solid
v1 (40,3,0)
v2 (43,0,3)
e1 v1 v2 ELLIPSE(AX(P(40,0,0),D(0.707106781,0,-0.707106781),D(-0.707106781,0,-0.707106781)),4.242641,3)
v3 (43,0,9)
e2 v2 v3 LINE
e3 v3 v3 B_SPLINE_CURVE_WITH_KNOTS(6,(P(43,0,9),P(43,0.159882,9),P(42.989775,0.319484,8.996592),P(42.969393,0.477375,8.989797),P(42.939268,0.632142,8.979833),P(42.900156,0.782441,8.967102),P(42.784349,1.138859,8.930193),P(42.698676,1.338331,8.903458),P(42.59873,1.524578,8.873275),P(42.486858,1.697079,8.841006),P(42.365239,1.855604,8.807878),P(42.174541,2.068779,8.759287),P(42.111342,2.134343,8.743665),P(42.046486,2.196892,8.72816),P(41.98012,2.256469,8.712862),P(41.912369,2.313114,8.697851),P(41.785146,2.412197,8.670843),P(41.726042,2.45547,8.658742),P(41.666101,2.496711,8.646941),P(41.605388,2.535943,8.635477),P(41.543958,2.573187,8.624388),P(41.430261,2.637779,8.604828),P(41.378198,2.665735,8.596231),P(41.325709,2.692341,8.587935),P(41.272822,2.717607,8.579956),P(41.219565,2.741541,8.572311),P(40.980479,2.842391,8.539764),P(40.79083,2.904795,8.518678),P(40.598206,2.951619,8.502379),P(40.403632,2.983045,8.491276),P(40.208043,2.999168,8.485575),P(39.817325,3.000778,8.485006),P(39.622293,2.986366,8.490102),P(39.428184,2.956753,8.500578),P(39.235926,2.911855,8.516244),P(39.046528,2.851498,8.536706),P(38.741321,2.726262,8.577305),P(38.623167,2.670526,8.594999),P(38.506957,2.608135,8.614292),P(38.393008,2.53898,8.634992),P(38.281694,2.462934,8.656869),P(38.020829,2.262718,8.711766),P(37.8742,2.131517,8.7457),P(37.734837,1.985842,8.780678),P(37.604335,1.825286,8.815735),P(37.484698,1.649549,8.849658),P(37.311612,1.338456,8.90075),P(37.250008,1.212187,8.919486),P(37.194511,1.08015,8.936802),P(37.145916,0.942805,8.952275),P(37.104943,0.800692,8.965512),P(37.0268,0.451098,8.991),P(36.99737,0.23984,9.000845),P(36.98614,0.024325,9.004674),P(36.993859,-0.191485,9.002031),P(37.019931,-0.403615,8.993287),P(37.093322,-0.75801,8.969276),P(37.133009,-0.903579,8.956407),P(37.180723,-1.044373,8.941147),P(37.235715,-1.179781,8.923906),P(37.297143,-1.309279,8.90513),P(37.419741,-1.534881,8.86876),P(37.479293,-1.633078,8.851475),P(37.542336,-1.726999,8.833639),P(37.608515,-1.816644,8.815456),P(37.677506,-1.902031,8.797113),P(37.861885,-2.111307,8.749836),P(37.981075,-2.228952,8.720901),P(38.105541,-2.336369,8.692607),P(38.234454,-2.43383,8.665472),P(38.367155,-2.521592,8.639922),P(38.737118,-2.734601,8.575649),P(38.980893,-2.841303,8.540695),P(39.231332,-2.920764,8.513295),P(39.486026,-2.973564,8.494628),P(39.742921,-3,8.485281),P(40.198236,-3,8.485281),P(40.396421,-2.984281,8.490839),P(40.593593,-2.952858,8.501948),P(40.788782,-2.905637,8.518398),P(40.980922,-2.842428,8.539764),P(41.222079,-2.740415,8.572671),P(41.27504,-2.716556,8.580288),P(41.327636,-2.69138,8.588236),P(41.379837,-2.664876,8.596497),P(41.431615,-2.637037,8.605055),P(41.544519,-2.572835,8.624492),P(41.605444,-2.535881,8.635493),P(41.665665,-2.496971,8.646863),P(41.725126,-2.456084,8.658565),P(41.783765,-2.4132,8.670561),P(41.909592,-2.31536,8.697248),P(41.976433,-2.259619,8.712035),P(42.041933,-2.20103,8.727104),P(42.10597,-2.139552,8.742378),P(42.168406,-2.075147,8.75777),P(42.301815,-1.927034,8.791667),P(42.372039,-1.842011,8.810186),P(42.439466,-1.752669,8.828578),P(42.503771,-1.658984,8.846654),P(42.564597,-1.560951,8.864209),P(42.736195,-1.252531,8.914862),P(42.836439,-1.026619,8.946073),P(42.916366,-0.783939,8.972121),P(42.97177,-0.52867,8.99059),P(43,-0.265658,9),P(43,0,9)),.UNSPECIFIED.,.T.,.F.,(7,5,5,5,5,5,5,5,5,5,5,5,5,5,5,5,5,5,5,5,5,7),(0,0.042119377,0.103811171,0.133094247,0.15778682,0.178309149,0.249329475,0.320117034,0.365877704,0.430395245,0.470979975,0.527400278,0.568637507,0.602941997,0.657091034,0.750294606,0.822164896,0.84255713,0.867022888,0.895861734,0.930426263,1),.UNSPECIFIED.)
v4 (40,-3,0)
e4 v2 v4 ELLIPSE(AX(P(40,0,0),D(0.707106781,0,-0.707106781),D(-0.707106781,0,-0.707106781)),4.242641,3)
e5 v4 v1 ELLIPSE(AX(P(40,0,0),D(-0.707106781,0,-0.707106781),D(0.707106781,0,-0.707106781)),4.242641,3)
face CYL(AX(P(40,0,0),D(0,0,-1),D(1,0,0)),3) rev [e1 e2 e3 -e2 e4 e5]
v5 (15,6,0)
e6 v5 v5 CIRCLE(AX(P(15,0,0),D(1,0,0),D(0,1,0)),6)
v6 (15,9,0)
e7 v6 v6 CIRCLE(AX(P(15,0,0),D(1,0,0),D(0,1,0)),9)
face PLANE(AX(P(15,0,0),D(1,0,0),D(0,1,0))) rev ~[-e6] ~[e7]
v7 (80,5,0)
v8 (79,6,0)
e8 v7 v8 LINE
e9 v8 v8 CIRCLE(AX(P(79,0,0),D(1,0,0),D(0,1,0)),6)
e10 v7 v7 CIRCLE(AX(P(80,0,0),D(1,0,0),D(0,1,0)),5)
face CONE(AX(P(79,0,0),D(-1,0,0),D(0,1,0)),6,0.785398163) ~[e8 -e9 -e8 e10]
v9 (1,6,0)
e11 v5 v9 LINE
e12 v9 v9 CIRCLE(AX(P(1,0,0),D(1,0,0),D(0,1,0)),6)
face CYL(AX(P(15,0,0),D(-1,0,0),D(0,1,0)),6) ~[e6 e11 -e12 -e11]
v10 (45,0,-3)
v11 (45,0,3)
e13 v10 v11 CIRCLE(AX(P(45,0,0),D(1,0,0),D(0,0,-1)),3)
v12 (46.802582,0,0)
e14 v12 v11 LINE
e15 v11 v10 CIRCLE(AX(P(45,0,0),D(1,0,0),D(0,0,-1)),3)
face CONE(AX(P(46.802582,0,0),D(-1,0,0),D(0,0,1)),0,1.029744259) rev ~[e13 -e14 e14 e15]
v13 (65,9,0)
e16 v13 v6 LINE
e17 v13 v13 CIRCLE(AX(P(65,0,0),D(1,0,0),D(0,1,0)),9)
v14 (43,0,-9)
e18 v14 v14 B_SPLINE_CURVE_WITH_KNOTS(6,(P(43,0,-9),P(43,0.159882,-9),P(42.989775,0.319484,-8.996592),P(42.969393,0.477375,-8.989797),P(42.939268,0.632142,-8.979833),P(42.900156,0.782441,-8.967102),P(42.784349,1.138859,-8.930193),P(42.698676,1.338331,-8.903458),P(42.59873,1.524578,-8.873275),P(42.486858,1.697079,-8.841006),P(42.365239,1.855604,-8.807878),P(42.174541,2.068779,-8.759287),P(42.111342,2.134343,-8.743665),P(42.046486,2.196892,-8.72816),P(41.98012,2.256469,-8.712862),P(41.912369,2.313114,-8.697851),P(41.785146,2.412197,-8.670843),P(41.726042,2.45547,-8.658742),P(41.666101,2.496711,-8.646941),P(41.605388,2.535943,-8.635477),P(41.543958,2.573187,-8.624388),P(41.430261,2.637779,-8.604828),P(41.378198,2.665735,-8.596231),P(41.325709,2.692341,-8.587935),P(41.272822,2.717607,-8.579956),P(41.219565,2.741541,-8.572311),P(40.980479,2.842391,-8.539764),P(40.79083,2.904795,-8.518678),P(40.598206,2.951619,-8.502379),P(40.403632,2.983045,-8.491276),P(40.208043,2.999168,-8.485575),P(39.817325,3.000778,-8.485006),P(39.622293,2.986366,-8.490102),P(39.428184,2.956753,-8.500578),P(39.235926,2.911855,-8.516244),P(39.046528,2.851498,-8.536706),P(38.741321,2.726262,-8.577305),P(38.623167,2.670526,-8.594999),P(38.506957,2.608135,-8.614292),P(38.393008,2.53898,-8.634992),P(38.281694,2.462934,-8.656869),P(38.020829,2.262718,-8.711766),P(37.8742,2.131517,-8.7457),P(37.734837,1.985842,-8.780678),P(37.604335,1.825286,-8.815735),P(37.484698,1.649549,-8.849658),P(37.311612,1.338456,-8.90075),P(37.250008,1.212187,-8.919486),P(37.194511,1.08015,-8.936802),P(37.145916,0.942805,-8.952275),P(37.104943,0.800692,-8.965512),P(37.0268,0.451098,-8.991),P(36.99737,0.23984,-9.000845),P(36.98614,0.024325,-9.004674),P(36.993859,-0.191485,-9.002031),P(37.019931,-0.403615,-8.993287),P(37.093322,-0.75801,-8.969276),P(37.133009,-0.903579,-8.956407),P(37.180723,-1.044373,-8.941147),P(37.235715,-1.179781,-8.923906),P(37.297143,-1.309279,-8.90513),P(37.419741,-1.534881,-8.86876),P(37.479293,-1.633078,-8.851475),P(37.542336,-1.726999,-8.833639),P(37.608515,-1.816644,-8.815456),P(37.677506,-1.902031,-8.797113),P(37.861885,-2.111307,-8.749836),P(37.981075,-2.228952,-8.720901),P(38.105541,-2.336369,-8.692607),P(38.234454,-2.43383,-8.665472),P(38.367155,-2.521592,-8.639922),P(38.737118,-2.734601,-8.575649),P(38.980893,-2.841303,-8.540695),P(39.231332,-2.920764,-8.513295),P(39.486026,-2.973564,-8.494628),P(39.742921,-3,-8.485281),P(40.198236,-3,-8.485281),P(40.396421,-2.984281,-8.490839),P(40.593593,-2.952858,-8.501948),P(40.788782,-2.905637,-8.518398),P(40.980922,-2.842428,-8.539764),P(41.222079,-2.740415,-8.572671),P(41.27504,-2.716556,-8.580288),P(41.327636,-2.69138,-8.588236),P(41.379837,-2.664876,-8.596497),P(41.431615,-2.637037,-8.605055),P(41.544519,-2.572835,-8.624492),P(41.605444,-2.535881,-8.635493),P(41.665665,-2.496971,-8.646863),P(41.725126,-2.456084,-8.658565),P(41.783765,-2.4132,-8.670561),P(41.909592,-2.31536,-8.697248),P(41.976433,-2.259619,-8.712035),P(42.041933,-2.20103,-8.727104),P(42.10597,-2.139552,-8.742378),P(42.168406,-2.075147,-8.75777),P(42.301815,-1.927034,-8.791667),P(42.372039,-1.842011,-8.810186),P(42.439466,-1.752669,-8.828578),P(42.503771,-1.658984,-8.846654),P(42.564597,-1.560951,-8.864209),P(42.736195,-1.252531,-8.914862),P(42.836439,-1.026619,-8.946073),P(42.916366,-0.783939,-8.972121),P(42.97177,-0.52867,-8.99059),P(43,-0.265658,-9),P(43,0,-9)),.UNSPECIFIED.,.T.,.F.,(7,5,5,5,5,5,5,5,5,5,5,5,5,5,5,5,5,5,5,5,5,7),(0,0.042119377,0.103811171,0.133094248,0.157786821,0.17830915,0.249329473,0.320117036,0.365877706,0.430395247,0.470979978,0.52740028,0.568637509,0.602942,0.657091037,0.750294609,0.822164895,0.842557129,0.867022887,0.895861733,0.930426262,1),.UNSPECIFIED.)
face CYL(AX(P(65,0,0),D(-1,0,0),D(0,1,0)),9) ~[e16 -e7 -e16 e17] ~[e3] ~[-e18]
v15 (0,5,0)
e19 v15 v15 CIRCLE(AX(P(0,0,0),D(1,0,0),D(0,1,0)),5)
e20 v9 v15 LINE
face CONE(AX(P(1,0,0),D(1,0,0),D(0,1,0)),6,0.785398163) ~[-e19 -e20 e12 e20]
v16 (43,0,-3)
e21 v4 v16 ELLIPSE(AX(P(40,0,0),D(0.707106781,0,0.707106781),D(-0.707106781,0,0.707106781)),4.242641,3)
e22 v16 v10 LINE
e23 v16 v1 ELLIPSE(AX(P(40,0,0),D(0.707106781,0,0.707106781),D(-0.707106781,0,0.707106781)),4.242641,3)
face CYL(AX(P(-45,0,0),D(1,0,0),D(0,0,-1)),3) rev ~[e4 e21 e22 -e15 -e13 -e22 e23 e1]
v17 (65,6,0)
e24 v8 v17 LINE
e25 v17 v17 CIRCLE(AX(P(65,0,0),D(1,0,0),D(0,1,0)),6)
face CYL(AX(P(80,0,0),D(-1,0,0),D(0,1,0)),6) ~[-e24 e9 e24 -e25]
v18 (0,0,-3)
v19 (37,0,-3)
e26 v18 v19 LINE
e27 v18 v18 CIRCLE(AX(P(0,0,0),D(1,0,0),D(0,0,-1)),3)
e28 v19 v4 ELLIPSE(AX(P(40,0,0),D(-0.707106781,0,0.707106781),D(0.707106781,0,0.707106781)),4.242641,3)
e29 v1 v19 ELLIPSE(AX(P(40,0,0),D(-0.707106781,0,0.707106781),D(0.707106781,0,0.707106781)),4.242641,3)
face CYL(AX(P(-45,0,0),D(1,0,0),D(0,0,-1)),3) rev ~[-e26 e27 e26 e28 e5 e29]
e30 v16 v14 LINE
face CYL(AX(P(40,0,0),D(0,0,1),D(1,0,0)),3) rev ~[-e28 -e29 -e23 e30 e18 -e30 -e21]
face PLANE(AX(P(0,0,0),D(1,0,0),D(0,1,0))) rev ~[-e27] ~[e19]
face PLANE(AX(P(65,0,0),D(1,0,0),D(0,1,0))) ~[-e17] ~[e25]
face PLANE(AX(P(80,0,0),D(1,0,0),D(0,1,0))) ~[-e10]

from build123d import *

# Parameters (mm, degrees)
SKETCH2_R                    = 3
CUT_EXTRUDE1_DEPTH           = 10
CUT_EXTRUDE1_DEPTH_BACK      = 10
CHAMFER1_SIZE                = 1
F_6_0_6_DIAMETER_HOLE1_D     = 6
F_6_0_6_DIAMETER_HOLE1_DEPTH = 45
F_6_0_6_DIAMETER_HOLE1_TIP   = 1.802581857


with BuildPart() as part:
    # Sketch1 → Revolve1 (revolve)
    with BuildSketch(Plane.XY):
        Polygon((0, 0), (80, 0), (80, 6), (65, 6), (65, 9), (15, 9), (15, 6), (0, 6), align=None)
    revolve(axis=Axis((0, 0, 0), (1, 0, 0)))

    # Sketch2 → Cut-Extrude1 (cut, two sides)
    with BuildSketch(Plane.XY) as cut_extrude1_sk:
        with Locations((40, 0)):
            Circle(SKETCH2_R)
    extrude(amount=CUT_EXTRUDE1_DEPTH, mode=Mode.SUBTRACT)
    extrude(cut_extrude1_sk.sketch, amount=-CUT_EXTRUDE1_DEPTH_BACK, mode=Mode.SUBTRACT)

    # Chamfer1
    chamfer1_edges = [part.edges().sort_by_distance(p)[0] for p in [
        (0, -6, 0),
        (80, -6, 0),
    ]]
    chamfer(chamfer1_edges, length=CHAMFER1_SIZE)

    # Ø6.0 (6) Diameter Hole1
    with Locations(Plane.ZY):
        with Locations((0, 0)):
            Hole(F_6_0_6_DIAMETER_HOLE1_D / 2, depth=F_6_0_6_DIAMETER_HOLE1_DEPTH)
            with Locations((0, 0, -(F_6_0_6_DIAMETER_HOLE1_DEPTH + F_6_0_6_DIAMETER_HOLE1_TIP / 2))):  # 118° drill point
                Cone(0, F_6_0_6_DIAMETER_HOLE1_D / 2, F_6_0_6_DIAMETER_HOLE1_TIP, mode=Mode.SUBTRACT)


solid = part.part
